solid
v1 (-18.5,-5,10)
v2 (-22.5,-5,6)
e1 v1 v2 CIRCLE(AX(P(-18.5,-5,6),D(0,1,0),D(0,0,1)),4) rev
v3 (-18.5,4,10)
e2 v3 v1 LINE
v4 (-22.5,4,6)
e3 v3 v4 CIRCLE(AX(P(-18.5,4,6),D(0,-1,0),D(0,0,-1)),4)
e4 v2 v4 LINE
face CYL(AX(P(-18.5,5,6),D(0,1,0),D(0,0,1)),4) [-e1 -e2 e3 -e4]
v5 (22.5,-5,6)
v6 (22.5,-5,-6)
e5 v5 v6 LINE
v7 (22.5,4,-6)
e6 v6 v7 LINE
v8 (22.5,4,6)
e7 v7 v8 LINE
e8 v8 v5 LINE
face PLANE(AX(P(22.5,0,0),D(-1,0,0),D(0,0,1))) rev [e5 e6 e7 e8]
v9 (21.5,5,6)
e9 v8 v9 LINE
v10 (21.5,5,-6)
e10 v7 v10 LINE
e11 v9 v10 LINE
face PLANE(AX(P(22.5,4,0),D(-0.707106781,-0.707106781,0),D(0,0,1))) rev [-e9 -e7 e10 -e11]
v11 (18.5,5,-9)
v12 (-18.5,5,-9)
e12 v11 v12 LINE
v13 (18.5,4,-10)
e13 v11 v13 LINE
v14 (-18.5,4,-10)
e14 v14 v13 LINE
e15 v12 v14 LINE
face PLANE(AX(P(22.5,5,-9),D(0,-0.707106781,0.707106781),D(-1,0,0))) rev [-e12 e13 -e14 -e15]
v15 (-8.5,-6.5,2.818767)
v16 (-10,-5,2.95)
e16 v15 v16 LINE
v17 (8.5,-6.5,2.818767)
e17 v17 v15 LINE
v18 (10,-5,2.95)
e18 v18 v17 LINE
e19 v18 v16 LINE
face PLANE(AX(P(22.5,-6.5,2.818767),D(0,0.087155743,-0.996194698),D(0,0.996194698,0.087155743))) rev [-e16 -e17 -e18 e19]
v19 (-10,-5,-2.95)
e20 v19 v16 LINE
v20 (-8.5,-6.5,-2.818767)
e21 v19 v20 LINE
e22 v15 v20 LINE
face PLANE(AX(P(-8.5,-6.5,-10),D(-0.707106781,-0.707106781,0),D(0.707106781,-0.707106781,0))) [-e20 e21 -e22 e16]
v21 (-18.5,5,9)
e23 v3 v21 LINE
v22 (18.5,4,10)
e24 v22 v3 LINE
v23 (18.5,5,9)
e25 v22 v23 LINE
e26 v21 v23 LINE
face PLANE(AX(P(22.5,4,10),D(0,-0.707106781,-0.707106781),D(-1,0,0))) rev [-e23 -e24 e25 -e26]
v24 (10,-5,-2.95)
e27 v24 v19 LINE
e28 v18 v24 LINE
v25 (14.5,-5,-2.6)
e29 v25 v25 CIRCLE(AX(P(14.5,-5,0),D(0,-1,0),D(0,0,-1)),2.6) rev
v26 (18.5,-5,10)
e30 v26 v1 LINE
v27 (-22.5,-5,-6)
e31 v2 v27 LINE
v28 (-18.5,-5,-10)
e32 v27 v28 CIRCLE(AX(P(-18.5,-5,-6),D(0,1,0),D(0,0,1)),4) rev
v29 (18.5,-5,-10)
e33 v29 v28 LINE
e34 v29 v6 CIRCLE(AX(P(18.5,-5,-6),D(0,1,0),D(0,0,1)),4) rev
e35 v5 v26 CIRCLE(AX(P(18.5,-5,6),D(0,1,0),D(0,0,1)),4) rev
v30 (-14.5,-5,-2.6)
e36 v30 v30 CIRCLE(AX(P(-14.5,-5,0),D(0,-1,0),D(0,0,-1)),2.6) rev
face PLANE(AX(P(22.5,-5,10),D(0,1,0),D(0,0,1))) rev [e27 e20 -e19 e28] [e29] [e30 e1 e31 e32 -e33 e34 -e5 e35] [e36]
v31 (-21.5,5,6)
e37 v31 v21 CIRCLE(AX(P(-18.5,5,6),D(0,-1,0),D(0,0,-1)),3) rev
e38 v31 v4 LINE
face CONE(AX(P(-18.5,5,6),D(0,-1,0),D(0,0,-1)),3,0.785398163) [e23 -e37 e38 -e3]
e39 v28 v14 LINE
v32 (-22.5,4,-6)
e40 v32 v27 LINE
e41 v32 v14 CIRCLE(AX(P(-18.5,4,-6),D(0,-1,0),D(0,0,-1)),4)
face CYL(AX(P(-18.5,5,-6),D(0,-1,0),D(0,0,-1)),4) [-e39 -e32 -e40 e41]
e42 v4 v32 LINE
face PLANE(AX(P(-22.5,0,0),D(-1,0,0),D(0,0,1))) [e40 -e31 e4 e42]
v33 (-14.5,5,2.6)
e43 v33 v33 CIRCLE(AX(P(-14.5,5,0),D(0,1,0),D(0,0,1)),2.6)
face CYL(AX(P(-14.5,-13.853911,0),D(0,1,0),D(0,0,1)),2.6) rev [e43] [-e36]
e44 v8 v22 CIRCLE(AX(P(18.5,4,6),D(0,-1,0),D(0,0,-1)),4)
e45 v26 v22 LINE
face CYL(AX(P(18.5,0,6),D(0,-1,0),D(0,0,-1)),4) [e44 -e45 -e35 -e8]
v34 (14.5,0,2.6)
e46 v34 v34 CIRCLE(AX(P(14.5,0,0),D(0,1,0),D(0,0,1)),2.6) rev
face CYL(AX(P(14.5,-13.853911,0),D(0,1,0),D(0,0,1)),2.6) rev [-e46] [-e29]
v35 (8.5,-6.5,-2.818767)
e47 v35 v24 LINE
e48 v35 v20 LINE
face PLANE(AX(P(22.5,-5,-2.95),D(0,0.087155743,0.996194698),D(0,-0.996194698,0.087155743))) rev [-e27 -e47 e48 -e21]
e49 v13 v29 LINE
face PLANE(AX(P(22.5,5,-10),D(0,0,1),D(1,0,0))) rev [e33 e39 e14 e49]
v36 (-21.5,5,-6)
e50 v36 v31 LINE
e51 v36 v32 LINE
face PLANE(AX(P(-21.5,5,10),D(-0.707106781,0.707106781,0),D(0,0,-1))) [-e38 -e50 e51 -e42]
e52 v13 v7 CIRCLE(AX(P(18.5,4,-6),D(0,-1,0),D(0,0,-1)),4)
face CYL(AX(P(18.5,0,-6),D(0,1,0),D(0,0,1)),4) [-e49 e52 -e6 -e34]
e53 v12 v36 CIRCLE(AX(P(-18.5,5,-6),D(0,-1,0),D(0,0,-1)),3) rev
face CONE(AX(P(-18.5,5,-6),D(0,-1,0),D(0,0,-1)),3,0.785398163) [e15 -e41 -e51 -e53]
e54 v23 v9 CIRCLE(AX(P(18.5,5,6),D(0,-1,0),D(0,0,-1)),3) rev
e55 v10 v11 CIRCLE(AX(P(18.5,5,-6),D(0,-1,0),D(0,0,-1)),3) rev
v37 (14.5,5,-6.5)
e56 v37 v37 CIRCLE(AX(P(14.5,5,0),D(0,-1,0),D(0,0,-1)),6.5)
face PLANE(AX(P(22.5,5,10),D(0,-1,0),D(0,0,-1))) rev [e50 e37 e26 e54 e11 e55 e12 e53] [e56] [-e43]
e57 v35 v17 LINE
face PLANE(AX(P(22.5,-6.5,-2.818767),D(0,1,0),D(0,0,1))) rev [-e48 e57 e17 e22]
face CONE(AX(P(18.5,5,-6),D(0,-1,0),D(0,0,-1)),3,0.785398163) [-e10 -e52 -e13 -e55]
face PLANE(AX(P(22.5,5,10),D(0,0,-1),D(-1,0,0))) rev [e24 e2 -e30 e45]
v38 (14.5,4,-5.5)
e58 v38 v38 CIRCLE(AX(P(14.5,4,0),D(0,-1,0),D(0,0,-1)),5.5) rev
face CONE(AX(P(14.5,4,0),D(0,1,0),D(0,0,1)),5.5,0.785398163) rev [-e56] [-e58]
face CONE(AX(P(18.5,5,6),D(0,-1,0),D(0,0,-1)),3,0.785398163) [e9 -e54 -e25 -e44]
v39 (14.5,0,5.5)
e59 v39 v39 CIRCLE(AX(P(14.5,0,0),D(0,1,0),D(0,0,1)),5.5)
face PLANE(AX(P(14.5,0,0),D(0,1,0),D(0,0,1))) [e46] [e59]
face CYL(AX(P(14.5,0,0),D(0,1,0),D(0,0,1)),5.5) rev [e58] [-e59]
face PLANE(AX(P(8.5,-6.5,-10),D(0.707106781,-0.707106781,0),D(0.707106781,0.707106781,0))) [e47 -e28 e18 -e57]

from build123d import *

# Parameters (mm, degrees)
BOSS_EXTRUDE1_DEPTH = 22.5
SKETCH2_R           = 2.6
CUT_EXTRUDE1_DEPTH  = 11.5
SKETCH3_W           = 14
SKETCH3_H           = 20
CUT_EXTRUDE2_DEPTH  = 1.5
DRAFT1_ANGLE        = 45
FILLET1_R           = 4
SKETCH6_R           = 5.5
CUT_EXTRUDE3_DEPTH  = 5
CHAMFER2_SIZE       = 1


with BuildPart() as part:
    # Sketch1 → Boss-Extrude1 (new body, symmetric)
    with BuildSketch(Plane(origin=(0, 0, 0), x_dir=(0, 0, -1), z_dir=(1, 0, 0))):
        Polygon((-10, 5), (10, 5), (10, -5), (2.95, -5), (2.818767005, -6.5), (-2.818767005, -6.5), (-2.95, -5), (-10, -5), align=None)
    extrude(amount=BOSS_EXTRUDE1_DEPTH, both=True)

    # Sketch2 → Cut-Extrude1 (cut)
    with BuildSketch(Plane(origin=(0, 5, 0), x_dir=(1, 0, 0), z_dir=(0, 1, 0))):
        with Locations((-14.5, 0)):
            Circle(SKETCH2_R)
        with Locations((14.5, 0)):
            Circle(SKETCH2_R)
    extrude(amount=-CUT_EXTRUDE1_DEPTH, mode=Mode.SUBTRACT)

    # Sketch3 → Cut-Extrude2 (cut)
    with BuildSketch(Plane.XZ.offset(5)):
        with Locations((15.5, 0)):
            Rectangle(SKETCH3_W, SKETCH3_H)
        with Locations((-15.5, 0)):
            Rectangle(SKETCH3_W, SKETCH3_H)
    extrude(amount=CUT_EXTRUDE2_DEPTH, mode=Mode.SUBTRACT)

    # Draft1
    draft1_faces = [part.faces().sort_by_distance(p)[0] for p in [
        (8.5, -5.74431278, 0),
        (-8.5, -5.74431278, 0),
    ]]
    draft(draft1_faces, Plane(origin=(22.5, -6.5, -2.818767005), x_dir=(0, 0, -1), z_dir=(0, -1, 0)), DRAFT1_ANGLE)

    # Fillet1
    fillet1_edges = [part.edges().sort_by_distance(p)[0] for p in [
        (-22.5, 0, -10),
        (22.5, 0, 10),
        (22.5, 0, -10),
        (-22.5, 0, 10),
    ]]
    fillet(fillet1_edges, radius=FILLET1_R)

    # Sketch6 → Cut-Extrude3 (cut)
    with BuildSketch(Plane(origin=(0, 5, 0), x_dir=(1, 0, 0), z_dir=(0, 1, 0))):
        with Locations((14.5, 0)):
            Circle(SKETCH6_R)
    extrude(amount=-CUT_EXTRUDE3_DEPTH, mode=Mode.SUBTRACT)

    # Chamfer2
    chamfer2_edges = [part.edges().sort_by_distance(p)[0] for p in [
        (9, 5, 0),
        (22.5, 5, 0),
        (-22.5, 5, 0),
        (0, 5, 10),
        (0, 5, -10),
        (-21.328427125, 5, 8.828427125),
        (-21.328427125, 5, -8.828427125),
        (21.328427125, 5, 8.828427125),
        (21.328427125, 5, -8.828427125),
    ]]
    chamfer(chamfer2_edges, length=CHAMFER2_SIZE)


solid = part.part
